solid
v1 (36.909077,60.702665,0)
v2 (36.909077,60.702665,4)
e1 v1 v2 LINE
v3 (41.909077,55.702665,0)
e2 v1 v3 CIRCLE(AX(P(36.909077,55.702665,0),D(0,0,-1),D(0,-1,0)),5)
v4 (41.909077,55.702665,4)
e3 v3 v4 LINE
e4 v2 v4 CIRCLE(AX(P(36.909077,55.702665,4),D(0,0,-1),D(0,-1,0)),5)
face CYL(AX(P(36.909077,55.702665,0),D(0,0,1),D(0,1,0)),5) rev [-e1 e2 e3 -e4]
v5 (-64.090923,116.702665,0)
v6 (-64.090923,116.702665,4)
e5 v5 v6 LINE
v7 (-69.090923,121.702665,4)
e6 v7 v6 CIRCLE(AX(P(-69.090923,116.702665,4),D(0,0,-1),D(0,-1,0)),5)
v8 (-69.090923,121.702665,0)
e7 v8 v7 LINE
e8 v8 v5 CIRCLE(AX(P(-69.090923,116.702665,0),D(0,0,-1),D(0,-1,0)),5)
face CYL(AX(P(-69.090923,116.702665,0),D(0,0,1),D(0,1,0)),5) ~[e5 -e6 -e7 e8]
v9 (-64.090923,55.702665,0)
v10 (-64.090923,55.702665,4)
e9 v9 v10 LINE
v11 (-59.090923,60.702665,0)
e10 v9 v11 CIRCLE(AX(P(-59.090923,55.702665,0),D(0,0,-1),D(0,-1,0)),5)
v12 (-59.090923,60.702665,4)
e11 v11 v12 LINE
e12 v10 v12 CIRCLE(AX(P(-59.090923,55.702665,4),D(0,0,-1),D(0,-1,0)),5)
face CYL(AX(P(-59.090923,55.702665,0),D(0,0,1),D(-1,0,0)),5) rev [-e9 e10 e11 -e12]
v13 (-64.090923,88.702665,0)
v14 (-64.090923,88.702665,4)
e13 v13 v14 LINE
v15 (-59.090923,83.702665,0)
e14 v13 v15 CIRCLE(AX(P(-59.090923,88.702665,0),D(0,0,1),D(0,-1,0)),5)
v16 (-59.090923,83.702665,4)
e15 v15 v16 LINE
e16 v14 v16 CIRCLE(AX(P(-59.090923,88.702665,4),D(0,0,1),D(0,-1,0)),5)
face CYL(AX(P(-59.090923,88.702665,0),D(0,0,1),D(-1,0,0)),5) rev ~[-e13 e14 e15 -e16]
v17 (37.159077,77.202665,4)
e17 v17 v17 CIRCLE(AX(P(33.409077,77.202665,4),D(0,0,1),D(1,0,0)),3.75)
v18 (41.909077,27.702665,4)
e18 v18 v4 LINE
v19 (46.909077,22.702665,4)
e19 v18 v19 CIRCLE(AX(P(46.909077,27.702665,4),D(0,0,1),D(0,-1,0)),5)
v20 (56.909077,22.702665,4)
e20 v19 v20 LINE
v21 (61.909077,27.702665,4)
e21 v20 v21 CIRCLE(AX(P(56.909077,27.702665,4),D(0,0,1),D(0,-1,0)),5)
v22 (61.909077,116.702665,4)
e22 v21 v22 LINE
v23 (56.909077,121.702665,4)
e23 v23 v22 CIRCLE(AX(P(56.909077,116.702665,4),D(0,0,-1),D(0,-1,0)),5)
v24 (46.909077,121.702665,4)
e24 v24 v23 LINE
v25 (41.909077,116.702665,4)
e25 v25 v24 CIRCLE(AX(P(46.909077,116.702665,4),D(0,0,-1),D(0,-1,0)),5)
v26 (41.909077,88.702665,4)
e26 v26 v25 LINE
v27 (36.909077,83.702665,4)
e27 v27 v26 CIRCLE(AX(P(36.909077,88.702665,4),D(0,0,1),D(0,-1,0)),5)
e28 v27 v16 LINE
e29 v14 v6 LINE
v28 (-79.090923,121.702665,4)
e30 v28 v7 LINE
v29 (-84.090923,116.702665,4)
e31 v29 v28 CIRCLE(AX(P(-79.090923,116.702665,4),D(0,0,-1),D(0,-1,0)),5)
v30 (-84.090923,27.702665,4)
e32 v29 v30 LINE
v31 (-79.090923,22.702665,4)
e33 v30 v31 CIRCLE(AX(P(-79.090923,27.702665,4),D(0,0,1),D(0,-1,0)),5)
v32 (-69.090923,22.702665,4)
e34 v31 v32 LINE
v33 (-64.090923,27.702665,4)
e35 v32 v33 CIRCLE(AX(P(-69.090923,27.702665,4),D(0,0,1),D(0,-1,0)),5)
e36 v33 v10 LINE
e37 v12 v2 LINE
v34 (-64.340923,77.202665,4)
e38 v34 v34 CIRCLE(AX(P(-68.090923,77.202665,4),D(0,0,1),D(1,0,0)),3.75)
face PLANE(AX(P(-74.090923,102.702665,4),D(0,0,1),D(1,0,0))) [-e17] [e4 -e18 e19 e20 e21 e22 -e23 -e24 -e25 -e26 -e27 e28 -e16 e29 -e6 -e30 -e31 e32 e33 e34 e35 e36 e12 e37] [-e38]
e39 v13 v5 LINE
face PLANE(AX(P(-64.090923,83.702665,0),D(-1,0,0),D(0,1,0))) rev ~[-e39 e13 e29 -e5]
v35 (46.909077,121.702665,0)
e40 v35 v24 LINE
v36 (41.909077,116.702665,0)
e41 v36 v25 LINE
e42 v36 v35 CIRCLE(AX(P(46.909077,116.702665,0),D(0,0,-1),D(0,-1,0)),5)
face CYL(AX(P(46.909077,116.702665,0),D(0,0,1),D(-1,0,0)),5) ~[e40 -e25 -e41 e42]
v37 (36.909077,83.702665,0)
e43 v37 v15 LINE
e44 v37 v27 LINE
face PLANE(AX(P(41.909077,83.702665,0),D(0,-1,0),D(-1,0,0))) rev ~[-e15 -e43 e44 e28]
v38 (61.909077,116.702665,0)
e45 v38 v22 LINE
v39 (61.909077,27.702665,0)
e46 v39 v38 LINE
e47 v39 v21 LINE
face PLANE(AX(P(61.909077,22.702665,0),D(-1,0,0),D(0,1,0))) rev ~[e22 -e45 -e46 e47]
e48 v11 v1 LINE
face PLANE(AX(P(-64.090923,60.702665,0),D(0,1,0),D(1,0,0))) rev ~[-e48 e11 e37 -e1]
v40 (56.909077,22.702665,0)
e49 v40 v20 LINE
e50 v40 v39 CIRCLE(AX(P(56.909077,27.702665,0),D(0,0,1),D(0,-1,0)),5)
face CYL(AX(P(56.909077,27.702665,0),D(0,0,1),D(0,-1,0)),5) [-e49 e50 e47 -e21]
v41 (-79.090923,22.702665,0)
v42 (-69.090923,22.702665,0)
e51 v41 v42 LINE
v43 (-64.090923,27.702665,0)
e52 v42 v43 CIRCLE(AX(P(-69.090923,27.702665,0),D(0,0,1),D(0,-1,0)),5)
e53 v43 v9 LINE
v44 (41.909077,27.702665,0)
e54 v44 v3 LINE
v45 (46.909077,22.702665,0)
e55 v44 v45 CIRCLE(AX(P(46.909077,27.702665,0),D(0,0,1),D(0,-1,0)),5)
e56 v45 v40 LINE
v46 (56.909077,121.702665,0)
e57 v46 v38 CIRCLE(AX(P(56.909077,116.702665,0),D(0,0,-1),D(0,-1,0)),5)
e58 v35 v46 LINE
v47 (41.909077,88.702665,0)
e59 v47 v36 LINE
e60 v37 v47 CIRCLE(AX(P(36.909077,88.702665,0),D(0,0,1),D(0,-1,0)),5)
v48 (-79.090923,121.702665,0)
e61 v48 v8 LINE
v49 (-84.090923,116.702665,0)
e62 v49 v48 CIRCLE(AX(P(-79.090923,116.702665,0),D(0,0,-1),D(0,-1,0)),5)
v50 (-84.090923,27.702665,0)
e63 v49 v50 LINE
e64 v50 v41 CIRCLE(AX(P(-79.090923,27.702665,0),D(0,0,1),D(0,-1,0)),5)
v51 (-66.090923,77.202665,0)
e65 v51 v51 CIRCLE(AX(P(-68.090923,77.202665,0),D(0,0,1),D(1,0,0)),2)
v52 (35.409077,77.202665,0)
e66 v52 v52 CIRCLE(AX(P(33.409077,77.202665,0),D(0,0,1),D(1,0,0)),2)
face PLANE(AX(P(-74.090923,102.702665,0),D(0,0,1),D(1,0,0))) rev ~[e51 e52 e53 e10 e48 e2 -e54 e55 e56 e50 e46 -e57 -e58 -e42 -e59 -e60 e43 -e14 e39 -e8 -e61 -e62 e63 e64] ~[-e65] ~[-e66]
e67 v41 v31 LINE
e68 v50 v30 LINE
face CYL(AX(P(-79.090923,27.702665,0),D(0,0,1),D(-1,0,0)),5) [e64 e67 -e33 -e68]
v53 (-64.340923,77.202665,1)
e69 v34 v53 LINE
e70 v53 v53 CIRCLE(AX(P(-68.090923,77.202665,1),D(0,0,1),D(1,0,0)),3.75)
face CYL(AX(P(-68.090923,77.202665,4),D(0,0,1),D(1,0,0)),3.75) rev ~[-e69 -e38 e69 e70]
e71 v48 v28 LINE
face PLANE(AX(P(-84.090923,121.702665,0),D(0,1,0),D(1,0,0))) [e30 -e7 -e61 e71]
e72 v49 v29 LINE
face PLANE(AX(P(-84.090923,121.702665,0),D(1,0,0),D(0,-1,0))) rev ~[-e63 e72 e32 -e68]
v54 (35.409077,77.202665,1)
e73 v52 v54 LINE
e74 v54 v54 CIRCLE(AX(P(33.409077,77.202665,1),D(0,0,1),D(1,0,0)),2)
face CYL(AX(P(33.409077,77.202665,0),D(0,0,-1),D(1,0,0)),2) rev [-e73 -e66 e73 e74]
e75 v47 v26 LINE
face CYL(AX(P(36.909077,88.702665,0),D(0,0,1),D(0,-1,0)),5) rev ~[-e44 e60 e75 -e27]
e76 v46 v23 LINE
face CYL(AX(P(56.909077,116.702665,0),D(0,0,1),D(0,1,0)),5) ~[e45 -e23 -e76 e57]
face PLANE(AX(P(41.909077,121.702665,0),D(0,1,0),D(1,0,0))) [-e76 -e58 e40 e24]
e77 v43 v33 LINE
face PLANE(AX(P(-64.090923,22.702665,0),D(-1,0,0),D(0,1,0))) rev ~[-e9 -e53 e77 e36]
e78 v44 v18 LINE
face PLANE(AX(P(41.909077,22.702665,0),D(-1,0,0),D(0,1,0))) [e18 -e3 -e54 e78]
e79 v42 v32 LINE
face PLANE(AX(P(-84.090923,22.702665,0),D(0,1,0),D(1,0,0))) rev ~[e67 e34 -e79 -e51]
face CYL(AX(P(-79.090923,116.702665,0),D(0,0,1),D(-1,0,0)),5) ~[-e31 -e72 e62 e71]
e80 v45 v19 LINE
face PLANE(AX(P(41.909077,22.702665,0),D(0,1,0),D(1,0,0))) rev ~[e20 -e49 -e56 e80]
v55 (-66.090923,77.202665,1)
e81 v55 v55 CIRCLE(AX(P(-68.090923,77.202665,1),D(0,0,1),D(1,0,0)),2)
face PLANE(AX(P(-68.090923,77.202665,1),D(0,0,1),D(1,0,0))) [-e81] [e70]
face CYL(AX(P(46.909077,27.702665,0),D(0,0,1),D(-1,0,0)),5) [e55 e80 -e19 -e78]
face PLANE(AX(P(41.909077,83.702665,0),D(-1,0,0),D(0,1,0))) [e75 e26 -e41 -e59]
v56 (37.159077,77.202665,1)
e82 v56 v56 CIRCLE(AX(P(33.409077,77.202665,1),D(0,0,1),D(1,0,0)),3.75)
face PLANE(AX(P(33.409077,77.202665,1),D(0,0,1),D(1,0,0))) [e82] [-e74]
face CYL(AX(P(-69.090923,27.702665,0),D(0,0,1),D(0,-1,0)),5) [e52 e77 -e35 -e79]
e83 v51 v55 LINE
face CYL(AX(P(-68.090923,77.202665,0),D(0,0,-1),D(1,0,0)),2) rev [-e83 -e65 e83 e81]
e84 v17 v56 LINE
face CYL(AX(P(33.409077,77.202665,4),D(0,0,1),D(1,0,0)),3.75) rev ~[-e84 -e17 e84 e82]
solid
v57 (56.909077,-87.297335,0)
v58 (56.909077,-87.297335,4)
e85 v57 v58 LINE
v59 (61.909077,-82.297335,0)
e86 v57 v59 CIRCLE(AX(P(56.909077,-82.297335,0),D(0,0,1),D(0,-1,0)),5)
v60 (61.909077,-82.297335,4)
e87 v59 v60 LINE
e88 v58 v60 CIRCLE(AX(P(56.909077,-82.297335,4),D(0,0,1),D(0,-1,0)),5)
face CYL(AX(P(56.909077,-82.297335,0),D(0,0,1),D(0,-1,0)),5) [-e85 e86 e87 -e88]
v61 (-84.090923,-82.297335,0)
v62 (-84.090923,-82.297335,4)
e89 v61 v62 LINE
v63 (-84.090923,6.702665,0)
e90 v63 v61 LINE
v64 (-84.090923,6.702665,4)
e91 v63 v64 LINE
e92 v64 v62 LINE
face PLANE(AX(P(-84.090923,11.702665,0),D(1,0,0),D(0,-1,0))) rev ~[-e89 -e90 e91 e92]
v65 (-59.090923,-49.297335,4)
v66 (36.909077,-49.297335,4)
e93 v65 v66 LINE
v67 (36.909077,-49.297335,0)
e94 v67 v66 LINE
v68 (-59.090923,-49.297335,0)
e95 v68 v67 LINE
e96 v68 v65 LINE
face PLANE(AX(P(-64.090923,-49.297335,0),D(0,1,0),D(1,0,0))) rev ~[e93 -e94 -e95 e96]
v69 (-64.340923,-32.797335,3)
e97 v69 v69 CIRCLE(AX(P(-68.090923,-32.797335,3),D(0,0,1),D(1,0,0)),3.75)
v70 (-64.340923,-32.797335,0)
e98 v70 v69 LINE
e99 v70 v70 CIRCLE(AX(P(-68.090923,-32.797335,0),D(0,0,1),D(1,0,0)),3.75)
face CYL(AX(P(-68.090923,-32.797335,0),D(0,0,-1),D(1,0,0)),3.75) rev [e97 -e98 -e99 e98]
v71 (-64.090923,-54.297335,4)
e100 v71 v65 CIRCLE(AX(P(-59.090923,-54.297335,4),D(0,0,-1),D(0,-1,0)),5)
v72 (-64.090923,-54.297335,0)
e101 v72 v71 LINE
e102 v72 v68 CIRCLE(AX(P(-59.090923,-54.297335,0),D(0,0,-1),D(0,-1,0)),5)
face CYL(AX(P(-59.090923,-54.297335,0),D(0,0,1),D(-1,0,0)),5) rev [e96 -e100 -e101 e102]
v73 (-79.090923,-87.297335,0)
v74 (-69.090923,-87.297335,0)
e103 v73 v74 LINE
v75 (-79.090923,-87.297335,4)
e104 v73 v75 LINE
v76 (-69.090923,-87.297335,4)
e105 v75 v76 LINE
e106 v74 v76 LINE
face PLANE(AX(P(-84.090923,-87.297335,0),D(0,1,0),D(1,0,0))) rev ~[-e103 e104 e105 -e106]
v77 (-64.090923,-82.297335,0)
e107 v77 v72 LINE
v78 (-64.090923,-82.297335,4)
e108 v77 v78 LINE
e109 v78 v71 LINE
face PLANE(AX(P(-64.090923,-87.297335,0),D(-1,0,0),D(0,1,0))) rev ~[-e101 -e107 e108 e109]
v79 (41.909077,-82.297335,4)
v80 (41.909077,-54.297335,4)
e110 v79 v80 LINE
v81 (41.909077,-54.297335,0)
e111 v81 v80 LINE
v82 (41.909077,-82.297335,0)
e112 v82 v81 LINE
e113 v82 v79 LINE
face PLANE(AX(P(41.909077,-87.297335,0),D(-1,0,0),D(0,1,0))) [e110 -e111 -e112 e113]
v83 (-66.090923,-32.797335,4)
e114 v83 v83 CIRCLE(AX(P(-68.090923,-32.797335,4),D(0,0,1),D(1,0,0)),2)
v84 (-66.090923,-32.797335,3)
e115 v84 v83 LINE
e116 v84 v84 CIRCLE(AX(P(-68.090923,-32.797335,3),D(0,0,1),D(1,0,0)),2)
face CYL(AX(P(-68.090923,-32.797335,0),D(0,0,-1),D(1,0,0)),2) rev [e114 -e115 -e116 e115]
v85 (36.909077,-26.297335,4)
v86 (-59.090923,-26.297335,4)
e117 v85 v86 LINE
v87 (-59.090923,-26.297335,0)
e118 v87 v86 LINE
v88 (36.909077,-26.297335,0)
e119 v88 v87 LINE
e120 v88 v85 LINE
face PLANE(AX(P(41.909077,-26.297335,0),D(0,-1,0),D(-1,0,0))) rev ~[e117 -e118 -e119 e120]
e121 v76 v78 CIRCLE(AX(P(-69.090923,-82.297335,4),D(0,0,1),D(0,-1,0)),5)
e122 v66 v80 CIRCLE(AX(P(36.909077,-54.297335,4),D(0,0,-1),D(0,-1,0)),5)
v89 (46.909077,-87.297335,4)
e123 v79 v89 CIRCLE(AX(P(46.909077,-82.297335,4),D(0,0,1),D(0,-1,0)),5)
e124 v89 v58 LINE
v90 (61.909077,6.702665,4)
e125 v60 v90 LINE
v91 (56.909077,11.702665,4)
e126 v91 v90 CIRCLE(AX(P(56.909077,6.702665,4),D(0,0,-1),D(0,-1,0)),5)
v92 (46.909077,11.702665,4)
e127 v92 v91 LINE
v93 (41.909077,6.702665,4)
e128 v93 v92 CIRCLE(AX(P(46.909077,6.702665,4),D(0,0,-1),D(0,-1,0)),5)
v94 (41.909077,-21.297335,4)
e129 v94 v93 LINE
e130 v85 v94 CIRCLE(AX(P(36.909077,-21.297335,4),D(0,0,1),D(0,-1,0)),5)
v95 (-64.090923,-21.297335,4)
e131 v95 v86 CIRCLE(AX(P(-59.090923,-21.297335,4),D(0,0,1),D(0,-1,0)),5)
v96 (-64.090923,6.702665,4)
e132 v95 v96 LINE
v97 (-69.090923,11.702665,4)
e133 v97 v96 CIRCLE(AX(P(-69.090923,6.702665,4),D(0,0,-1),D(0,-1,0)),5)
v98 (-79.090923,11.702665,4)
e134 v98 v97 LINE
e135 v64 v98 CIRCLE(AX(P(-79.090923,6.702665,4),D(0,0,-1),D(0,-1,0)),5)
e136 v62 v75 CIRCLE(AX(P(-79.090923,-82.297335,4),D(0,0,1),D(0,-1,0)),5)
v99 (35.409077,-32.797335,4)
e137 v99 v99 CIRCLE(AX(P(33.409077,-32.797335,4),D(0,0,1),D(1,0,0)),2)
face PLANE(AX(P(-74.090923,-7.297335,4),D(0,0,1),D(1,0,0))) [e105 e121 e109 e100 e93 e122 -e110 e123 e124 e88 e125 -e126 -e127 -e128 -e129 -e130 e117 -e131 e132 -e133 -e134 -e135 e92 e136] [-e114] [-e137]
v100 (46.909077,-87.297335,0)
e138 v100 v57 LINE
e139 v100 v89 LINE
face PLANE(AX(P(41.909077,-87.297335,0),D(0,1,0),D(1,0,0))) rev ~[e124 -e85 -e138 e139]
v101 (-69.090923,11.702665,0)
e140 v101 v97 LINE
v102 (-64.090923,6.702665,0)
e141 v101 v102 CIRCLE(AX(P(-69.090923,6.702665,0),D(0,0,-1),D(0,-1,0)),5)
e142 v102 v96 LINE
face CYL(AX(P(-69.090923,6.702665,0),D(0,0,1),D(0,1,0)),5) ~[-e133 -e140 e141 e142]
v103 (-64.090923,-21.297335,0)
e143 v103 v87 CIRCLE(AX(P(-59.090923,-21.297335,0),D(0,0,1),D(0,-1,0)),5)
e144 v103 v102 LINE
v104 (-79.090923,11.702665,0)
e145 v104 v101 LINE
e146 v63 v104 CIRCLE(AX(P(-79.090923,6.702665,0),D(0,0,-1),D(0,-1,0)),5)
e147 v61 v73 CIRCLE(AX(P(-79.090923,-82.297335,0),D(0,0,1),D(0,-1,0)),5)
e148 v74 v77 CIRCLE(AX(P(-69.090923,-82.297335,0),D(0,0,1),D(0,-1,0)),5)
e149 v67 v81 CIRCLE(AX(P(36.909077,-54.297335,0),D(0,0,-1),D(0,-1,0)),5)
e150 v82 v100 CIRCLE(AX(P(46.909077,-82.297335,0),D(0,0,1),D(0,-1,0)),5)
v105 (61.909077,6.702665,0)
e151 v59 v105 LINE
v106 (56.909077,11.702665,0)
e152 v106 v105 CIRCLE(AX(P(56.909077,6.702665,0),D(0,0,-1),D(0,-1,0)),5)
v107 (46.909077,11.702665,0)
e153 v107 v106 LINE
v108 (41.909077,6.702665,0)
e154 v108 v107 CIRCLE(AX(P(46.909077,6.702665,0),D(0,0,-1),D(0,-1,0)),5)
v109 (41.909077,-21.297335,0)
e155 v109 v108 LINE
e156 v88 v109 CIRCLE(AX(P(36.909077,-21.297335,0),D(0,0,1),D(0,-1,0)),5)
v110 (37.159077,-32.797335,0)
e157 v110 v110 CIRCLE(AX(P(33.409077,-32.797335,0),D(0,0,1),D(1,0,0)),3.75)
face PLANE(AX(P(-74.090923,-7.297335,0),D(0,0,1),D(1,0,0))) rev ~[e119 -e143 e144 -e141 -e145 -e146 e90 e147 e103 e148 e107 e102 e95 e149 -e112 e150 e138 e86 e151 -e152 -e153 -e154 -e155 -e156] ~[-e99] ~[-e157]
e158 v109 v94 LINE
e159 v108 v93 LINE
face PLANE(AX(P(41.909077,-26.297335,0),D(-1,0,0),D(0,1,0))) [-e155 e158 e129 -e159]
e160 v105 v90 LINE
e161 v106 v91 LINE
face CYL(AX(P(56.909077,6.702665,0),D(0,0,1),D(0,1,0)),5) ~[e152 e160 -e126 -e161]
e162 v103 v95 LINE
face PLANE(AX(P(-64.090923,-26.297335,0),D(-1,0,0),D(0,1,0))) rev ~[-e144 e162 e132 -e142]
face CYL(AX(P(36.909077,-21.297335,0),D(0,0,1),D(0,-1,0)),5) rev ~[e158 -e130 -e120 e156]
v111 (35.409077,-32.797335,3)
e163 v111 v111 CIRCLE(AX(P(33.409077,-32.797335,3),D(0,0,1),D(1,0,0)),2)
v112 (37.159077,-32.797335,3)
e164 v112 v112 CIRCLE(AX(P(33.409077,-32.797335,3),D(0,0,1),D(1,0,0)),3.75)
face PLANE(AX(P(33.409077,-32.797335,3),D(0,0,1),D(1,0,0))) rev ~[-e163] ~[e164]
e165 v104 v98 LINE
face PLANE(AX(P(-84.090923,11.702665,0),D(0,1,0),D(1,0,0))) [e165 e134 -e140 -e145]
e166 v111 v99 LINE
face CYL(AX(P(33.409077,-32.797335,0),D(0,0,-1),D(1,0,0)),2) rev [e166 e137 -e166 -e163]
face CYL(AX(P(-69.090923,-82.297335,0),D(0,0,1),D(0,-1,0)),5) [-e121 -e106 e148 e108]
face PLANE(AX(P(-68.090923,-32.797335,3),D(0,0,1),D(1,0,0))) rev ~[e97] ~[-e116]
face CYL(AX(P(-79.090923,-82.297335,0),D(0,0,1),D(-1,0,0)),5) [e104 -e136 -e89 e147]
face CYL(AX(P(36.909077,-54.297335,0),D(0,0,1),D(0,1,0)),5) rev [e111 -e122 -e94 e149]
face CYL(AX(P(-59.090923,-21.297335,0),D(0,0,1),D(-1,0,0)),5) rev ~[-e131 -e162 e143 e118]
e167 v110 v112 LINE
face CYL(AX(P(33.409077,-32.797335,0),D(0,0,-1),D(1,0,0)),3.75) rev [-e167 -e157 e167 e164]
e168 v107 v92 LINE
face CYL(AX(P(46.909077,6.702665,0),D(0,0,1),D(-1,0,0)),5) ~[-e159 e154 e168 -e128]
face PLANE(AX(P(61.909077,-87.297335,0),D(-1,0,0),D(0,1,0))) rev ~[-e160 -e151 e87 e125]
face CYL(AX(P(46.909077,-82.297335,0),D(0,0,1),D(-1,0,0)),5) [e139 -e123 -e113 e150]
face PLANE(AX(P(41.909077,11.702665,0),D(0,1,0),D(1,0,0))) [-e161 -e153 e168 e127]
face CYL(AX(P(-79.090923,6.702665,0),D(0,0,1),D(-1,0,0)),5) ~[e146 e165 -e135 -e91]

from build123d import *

# Parameters (mm, degrees)
F0_W     = 20
F0_H     = 38
F0_R     = 3.75
F0_R_2   = 2
F1_DEPTH = 4
F2_R     = 5
F5_DEPTH = 3
F6_R     = 3.75
F6_R_2   = 2
F7_DEPTH = 3


with BuildPart() as f1:
    # F0 (on Top) → F1 (new body)
    with BuildSketch(Plane.XY):
        with Locations((-74.0909231007, -7.2973352671)):
            Rectangle(F0_W, F0_H)
        with Locations((-74.0909231007, -68.2973352671)):
            Rectangle(F0_W, F0_H)
        Polygon((-64.0909231007, -26.2973352671), (-84.0909231007, -26.2973352671), (-84.0909231007, -49.2973352671), (-64.0909231007, -49.2973352671), (41.9090768993, -49.2973352671), (61.9090768993, -49.2973352671), (61.9090768993, -26.2973352671), (41.9090768993, -26.2973352671), align=None)
        with Locations((-68.0909231007, -32.7973352671)):
            Circle(F0_R, mode=Mode.SUBTRACT)
        with Locations((33.4090768993, -32.7973352671)):
            Circle(F0_R, mode=Mode.SUBTRACT)
        with Locations((51.9090768993, -7.2973352671)):
            Rectangle(F0_W, F0_H)
        with Locations((51.9090768993, -68.2973352671)):
            Rectangle(F0_W, F0_H)
        with Locations((-68.0909231007, -32.7973352671)):
            Circle(F0_R)
        with Locations((-68.0909231007, -32.7973352671)):
            Circle(F0_R_2, mode=Mode.SUBTRACT)
        with Locations((33.4090768993, -32.7973352671)):
            Circle(F0_R)
        with Locations((33.4090768993, -32.7973352671)):
            Circle(F0_R_2, mode=Mode.SUBTRACT)
    extrude(amount=F1_DEPTH)

    # F2
    f2_edges = [f1.edges().sort_by_distance(p)[0] for p in [
        (-64.090923, -49.297335, 2),
        (-64.090923, -87.297335, 2),
        (41.909077, -87.297335, 2),
        (61.909077, -87.297335, 2),
        (-84.090923, -87.297335, 2),
        (-64.090923, -26.297335, 2),
        (-84.090923, 11.702665, 2),
        (-64.090923, 11.702665, 2),
        (41.909077, -26.297335, 2),
        (41.909077, 11.702665, 2),
        (61.909077, 11.702665, 2),
        (41.909077, -49.297335, 2),
    ]]
    fillet(f2_edges, radius=F2_R)


with BuildPart() as f3_1:
    # F3: copy of F1
    add(f1.part)


with BuildPart() as f3_1_1:
    # F4: moved
    add(f3_1.part.moved(Location((0, 110, 0))))

    # F6 (on face) → F7 (cut)
    with BuildSketch(Plane.XY.offset(4)):
        with Locations((-68.0909231007, 77.2026647329)):
            Circle(F6_R)
        with Locations((-68.0909231007, 77.2026647329)):
            Circle(F6_R_2, mode=Mode.SUBTRACT)
        with Locations((33.4090768993, 77.2026647329)):
            Circle(F6_R)
        with Locations((33.4090768993, 77.2026647329)):
            Circle(F6_R_2, mode=Mode.SUBTRACT)
    extrude(amount=-F7_DEPTH, mode=Mode.SUBTRACT)


with BuildPart() as f1_1:
    add(f1.part)

    # F0 (on Top) → F5 (cut)
    with BuildSketch(Plane.XY):
        with Locations((-68.0909231007, -32.7973352671)):
            Circle(F0_R)
        with Locations((-68.0909231007, -32.7973352671)):
            Circle(F0_R_2, mode=Mode.SUBTRACT)
        with Locations((33.4090768993, -32.7973352671)):
            Circle(F0_R)
        with Locations((33.4090768993, -32.7973352671)):
            Circle(F0_R_2, mode=Mode.SUBTRACT)
    extrude(amount=F5_DEPTH, mode=Mode.SUBTRACT)


solid = Compound([f3_1_1.part, f1_1.part])
